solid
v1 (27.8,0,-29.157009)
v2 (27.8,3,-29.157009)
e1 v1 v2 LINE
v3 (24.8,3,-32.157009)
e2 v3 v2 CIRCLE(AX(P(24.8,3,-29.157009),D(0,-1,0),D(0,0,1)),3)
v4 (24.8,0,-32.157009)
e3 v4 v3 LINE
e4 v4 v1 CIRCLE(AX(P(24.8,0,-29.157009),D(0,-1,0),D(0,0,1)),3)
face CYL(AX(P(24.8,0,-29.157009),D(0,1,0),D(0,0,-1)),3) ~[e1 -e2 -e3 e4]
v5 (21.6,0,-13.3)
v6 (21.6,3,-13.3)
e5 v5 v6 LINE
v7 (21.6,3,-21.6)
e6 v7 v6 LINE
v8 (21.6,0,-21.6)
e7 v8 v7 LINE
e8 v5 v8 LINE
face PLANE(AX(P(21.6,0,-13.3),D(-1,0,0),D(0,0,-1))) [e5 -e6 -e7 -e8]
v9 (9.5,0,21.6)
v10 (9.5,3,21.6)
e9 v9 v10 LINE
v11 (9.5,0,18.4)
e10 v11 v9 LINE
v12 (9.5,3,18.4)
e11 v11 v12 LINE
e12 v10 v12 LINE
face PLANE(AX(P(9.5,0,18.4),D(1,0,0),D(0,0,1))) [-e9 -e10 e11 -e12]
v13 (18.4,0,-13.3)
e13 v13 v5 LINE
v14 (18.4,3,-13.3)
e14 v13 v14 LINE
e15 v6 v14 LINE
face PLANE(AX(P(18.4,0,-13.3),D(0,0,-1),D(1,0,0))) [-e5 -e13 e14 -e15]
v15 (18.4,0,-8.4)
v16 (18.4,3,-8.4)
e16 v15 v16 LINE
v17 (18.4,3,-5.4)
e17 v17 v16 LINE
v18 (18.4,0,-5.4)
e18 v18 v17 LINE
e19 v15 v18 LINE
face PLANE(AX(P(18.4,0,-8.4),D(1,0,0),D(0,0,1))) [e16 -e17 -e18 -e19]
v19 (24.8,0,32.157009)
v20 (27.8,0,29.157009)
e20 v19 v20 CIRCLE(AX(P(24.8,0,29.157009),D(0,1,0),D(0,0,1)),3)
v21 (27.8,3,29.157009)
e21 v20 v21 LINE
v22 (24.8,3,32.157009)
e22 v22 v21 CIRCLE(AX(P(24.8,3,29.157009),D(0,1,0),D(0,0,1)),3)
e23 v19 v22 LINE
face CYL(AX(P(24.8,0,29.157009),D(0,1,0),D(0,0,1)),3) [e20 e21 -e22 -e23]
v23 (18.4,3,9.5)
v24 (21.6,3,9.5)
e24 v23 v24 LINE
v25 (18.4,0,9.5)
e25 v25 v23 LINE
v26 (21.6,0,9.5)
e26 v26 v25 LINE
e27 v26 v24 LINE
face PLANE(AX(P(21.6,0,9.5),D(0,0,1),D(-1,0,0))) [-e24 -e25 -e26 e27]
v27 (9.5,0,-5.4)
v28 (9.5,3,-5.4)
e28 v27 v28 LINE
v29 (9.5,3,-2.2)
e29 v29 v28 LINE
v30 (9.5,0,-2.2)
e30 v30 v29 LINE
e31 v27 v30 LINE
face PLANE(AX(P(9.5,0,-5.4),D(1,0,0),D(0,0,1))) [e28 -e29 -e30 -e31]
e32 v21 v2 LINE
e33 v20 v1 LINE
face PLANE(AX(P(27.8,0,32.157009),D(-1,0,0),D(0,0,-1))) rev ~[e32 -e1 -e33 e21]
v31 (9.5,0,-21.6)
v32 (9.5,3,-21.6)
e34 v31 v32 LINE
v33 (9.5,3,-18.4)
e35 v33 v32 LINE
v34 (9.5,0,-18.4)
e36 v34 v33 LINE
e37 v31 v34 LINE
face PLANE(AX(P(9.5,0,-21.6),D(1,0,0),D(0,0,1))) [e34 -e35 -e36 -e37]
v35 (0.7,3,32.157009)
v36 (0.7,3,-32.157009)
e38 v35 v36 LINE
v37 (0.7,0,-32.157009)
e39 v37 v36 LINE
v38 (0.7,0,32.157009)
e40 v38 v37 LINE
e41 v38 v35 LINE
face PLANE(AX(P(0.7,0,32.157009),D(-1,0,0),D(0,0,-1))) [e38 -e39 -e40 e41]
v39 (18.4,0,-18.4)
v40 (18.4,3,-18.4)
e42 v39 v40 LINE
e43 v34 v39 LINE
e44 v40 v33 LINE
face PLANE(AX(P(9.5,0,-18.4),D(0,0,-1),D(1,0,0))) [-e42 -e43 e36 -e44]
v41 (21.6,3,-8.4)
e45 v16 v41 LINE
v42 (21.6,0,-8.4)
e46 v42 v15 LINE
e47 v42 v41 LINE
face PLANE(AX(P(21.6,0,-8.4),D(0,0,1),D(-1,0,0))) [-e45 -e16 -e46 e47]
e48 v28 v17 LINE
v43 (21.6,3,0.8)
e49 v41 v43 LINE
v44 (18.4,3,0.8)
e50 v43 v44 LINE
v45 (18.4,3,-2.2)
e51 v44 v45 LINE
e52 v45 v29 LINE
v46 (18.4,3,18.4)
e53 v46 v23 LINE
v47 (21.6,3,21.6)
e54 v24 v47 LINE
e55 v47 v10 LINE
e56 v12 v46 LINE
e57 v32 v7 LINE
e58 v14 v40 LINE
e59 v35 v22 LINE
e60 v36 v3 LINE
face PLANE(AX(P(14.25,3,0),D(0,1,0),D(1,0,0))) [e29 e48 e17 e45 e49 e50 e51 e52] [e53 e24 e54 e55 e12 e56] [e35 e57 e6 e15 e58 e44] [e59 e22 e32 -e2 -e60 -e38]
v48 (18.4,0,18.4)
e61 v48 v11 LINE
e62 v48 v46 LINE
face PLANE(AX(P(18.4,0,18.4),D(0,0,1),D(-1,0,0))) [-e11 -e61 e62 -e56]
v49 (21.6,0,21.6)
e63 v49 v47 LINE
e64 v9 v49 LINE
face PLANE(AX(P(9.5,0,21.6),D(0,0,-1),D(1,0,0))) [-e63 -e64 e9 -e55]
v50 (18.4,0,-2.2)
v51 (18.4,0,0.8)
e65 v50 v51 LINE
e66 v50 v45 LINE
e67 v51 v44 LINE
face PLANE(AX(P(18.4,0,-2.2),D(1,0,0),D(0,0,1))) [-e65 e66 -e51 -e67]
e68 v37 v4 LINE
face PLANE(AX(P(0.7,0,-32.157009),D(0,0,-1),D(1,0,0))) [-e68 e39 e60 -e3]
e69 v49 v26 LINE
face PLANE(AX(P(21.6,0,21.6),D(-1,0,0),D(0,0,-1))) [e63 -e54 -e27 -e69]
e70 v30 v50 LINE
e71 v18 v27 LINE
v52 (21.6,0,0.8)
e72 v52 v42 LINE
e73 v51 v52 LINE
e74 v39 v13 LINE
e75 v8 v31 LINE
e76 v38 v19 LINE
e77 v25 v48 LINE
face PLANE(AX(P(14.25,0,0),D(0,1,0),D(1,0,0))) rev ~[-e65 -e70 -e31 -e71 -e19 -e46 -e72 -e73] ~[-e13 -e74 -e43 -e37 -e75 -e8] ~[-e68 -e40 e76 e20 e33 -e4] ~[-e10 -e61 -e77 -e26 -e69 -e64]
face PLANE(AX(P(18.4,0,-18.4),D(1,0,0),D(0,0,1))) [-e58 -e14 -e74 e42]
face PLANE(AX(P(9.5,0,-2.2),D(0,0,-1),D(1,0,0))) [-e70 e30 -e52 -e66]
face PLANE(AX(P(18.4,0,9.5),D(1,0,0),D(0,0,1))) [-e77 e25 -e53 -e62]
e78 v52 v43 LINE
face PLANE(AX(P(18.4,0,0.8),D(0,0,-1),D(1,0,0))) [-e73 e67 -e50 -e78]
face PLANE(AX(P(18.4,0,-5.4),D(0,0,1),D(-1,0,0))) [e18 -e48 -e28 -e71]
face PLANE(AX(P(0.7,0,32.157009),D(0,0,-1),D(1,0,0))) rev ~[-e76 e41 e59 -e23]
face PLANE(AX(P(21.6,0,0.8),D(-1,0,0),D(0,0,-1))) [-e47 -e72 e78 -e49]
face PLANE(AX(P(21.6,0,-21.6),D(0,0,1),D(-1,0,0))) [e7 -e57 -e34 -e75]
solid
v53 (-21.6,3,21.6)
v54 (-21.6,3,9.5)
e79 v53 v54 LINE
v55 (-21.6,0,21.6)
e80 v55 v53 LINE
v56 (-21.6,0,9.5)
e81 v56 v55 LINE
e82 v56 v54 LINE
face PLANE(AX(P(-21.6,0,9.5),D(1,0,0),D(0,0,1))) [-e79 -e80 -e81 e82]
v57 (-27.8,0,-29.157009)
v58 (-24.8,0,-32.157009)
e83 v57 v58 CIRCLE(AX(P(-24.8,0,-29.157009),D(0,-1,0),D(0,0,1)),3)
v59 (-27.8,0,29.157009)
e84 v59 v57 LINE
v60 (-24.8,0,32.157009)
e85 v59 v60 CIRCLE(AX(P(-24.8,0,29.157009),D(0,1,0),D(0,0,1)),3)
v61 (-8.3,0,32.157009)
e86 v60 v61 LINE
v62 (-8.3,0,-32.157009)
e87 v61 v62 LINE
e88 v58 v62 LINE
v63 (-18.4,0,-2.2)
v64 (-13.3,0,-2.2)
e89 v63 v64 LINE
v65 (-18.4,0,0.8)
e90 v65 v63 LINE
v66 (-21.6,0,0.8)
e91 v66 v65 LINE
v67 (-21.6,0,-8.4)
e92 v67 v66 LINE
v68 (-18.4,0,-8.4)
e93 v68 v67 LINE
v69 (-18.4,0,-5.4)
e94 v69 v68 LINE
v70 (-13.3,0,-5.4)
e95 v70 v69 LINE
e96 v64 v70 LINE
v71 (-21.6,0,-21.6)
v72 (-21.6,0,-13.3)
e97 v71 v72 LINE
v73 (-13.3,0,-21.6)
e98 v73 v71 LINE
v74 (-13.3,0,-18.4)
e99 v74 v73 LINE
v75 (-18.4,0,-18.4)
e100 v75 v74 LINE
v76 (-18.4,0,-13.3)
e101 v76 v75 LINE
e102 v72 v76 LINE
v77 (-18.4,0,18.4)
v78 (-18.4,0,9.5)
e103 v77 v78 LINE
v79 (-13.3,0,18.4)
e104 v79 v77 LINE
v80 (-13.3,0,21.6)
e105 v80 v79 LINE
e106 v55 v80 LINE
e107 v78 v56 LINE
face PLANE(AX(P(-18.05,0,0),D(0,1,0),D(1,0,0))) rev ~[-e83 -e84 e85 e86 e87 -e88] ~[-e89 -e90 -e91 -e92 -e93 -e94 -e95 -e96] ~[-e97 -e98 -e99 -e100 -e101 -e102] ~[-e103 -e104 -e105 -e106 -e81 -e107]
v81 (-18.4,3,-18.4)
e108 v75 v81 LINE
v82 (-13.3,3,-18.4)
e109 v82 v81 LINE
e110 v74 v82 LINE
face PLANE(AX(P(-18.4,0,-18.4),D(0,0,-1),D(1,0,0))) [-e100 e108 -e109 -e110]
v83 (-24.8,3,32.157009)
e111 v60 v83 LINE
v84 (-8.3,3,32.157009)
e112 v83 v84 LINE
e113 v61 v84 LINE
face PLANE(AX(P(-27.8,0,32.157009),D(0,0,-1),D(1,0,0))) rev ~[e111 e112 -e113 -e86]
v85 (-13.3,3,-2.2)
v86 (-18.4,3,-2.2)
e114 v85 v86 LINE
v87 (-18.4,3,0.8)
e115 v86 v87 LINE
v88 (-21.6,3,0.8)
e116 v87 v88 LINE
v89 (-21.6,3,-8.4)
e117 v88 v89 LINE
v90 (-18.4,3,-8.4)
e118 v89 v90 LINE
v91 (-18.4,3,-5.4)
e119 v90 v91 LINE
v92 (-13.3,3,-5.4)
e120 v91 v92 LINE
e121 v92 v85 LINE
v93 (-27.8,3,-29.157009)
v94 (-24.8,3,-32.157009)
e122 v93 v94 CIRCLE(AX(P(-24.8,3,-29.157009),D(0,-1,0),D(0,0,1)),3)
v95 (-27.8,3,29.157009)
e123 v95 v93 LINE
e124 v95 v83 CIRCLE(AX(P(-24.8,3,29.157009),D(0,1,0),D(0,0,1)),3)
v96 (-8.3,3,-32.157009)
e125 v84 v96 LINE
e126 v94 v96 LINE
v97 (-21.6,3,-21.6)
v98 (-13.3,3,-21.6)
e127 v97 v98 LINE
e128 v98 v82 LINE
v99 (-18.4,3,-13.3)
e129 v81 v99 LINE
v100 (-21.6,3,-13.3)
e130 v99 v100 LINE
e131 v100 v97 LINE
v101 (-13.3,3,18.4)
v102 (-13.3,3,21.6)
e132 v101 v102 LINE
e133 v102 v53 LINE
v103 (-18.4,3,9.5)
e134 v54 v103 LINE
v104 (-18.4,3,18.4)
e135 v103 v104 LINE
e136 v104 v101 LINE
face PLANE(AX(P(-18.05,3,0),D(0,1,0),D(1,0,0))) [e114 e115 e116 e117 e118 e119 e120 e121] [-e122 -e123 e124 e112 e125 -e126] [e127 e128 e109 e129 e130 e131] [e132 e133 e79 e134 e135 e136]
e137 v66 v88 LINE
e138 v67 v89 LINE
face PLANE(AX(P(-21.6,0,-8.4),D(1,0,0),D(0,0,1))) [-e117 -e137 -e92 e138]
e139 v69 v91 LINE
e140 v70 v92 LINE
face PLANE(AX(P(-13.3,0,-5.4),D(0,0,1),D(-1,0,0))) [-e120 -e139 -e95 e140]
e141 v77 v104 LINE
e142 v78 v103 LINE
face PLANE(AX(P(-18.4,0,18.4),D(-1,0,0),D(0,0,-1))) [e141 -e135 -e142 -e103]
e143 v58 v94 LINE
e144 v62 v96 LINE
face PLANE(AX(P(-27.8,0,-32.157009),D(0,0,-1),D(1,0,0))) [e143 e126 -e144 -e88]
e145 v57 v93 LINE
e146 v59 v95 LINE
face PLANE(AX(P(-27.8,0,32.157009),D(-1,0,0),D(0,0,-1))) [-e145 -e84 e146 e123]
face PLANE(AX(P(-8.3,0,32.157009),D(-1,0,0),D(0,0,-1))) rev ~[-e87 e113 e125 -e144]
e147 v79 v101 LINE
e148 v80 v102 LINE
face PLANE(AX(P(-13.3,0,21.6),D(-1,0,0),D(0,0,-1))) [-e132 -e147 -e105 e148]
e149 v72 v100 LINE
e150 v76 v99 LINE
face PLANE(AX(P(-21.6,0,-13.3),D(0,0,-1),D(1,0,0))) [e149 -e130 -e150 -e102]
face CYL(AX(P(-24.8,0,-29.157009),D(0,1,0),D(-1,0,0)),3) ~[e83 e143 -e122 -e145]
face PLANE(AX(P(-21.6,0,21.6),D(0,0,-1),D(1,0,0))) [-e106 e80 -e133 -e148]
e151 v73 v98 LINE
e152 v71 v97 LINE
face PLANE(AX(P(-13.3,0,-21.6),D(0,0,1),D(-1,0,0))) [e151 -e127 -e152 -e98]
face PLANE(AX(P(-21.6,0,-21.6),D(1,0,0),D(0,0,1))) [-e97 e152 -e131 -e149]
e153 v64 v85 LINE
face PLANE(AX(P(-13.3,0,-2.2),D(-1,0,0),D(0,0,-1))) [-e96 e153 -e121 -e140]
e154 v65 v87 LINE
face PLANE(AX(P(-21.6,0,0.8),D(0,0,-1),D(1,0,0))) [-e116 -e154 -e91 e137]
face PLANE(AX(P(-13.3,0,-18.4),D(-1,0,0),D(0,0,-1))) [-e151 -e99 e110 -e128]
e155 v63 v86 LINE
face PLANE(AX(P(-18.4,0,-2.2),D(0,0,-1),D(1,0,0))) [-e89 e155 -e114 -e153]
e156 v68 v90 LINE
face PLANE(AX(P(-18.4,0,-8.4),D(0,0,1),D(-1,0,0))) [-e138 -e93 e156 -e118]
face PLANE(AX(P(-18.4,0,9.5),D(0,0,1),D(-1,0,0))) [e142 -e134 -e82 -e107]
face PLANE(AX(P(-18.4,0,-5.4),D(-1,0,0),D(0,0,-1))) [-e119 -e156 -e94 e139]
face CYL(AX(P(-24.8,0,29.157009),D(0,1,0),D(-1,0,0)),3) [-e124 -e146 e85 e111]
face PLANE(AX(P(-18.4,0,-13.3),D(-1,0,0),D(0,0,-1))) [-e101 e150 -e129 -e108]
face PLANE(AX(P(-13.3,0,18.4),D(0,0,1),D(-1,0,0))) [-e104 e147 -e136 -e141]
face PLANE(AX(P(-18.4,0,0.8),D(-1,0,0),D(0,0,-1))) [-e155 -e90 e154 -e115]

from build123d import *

# Parameters (mm, degrees)
SKETCH1_W             = 27.1
SKETCH1_H             = 64.314018284
BOSS_EXTRUDE1_DEPTH   = 3
SKETCH1_W_2           = 19.5
BOSS_EXTRUDE1_2_DEPTH = 3
CUT_EXTRUDE1_DEPTH    = 4
FILLET1_R             = 3
FILLET2_R             = 3


with BuildPart() as part:
    # Sketch1 → Boss-Extrude1 (new body)
    with BuildSketch(Plane(origin=(0, 0, 0), x_dir=(1, 0, 0), z_dir=(0, 1, 0))):
        with Locations((14.25, 0)):
            Rectangle(SKETCH1_W, SKETCH1_H)
    extrude(amount=BOSS_EXTRUDE1_DEPTH)


with BuildPart() as body_2:
    # Sketch1 → Boss-Extrude1 2 (new body)
    with BuildSketch(Plane(origin=(0, 0, 0), x_dir=(1, 0, 0), z_dir=(0, 1, 0))):
        with Locations((-18.05, 0)):
            Rectangle(SKETCH1_W_2, SKETCH1_H)
    extrude(amount=BOSS_EXTRUDE1_2_DEPTH)


with BuildPart() as cut_extrude1_tool:
    # Sketch4 → Cut-Extrude1 (new body, through all)
    with BuildSketch(Plane(origin=(0, 0, 0), x_dir=(1, 0, 0), z_dir=(0, 1, 0))):
        Polygon((18.4, 2.2), (18.4, -0.8), (21.6, -0.8), (21.6, 8.4), (18.4, 8.4), (18.4, 5.4), (9.5, 5.4), (9.5, 2.2), align=None)
        Polygon((9.5, -18.4), (9.5, -21.6), (21.6, -21.6), (21.6, -9.5), (18.4, -9.5), (18.4, -18.4), align=None)
        Polygon((-13.3, -18.4), (-18.4, -18.4), (-18.4, -9.5), (-21.6, -9.5), (-21.6, -21.6), (-13.3, -21.6), align=None)
        Polygon((-18.4, 5.4), (-18.4, 8.4), (-21.6, 8.4), (-21.6, -0.8), (-18.4, -0.8), (-18.4, 2.2), (-13.3, 2.2), (-13.3, 5.4), align=None)
        Polygon((-18.4, 18.4), (-13.3, 18.4), (-13.3, 21.6), (-21.6, 21.6), (-21.6, 13.3), (-18.4, 13.3), align=None)
        Polygon((18.4, 18.4), (18.4, 13.3), (21.6, 13.3), (21.6, 21.6), (9.5, 21.6), (9.5, 18.4), align=None)
    extrude(amount=CUT_EXTRUDE1_DEPTH)


with BuildPart() as part_1:
    add(part.part)

    # Cut-Extrude1: cut by cut_extrude1_tool
    add(cut_extrude1_tool.part, mode=Mode.SUBTRACT)

    # Fillet1
    fillet1_edges = [part_1.edges().sort_by_distance(p)[0] for p in [
        (27.8, 1.5, -32.157009142),
        (27.8, 1.5, 32.157009142),
    ]]
    fillet(fillet1_edges, radius=FILLET1_R)


with BuildPart() as body_2_1:
    add(body_2.part)

    # Cut-Extrude1: cut by cut_extrude1_tool
    add(cut_extrude1_tool.part, mode=Mode.SUBTRACT)

    # Fillet2
    fillet2_edges = [body_2_1.edges().sort_by_distance(p)[0] for p in [
        (-27.8, 1.5, 32.157009142),
        (-27.8, 1.5, -32.157009142),
    ]]
    fillet(fillet2_edges, radius=FILLET2_R)


solid = Compound([part_1.part, body_2_1.part])
